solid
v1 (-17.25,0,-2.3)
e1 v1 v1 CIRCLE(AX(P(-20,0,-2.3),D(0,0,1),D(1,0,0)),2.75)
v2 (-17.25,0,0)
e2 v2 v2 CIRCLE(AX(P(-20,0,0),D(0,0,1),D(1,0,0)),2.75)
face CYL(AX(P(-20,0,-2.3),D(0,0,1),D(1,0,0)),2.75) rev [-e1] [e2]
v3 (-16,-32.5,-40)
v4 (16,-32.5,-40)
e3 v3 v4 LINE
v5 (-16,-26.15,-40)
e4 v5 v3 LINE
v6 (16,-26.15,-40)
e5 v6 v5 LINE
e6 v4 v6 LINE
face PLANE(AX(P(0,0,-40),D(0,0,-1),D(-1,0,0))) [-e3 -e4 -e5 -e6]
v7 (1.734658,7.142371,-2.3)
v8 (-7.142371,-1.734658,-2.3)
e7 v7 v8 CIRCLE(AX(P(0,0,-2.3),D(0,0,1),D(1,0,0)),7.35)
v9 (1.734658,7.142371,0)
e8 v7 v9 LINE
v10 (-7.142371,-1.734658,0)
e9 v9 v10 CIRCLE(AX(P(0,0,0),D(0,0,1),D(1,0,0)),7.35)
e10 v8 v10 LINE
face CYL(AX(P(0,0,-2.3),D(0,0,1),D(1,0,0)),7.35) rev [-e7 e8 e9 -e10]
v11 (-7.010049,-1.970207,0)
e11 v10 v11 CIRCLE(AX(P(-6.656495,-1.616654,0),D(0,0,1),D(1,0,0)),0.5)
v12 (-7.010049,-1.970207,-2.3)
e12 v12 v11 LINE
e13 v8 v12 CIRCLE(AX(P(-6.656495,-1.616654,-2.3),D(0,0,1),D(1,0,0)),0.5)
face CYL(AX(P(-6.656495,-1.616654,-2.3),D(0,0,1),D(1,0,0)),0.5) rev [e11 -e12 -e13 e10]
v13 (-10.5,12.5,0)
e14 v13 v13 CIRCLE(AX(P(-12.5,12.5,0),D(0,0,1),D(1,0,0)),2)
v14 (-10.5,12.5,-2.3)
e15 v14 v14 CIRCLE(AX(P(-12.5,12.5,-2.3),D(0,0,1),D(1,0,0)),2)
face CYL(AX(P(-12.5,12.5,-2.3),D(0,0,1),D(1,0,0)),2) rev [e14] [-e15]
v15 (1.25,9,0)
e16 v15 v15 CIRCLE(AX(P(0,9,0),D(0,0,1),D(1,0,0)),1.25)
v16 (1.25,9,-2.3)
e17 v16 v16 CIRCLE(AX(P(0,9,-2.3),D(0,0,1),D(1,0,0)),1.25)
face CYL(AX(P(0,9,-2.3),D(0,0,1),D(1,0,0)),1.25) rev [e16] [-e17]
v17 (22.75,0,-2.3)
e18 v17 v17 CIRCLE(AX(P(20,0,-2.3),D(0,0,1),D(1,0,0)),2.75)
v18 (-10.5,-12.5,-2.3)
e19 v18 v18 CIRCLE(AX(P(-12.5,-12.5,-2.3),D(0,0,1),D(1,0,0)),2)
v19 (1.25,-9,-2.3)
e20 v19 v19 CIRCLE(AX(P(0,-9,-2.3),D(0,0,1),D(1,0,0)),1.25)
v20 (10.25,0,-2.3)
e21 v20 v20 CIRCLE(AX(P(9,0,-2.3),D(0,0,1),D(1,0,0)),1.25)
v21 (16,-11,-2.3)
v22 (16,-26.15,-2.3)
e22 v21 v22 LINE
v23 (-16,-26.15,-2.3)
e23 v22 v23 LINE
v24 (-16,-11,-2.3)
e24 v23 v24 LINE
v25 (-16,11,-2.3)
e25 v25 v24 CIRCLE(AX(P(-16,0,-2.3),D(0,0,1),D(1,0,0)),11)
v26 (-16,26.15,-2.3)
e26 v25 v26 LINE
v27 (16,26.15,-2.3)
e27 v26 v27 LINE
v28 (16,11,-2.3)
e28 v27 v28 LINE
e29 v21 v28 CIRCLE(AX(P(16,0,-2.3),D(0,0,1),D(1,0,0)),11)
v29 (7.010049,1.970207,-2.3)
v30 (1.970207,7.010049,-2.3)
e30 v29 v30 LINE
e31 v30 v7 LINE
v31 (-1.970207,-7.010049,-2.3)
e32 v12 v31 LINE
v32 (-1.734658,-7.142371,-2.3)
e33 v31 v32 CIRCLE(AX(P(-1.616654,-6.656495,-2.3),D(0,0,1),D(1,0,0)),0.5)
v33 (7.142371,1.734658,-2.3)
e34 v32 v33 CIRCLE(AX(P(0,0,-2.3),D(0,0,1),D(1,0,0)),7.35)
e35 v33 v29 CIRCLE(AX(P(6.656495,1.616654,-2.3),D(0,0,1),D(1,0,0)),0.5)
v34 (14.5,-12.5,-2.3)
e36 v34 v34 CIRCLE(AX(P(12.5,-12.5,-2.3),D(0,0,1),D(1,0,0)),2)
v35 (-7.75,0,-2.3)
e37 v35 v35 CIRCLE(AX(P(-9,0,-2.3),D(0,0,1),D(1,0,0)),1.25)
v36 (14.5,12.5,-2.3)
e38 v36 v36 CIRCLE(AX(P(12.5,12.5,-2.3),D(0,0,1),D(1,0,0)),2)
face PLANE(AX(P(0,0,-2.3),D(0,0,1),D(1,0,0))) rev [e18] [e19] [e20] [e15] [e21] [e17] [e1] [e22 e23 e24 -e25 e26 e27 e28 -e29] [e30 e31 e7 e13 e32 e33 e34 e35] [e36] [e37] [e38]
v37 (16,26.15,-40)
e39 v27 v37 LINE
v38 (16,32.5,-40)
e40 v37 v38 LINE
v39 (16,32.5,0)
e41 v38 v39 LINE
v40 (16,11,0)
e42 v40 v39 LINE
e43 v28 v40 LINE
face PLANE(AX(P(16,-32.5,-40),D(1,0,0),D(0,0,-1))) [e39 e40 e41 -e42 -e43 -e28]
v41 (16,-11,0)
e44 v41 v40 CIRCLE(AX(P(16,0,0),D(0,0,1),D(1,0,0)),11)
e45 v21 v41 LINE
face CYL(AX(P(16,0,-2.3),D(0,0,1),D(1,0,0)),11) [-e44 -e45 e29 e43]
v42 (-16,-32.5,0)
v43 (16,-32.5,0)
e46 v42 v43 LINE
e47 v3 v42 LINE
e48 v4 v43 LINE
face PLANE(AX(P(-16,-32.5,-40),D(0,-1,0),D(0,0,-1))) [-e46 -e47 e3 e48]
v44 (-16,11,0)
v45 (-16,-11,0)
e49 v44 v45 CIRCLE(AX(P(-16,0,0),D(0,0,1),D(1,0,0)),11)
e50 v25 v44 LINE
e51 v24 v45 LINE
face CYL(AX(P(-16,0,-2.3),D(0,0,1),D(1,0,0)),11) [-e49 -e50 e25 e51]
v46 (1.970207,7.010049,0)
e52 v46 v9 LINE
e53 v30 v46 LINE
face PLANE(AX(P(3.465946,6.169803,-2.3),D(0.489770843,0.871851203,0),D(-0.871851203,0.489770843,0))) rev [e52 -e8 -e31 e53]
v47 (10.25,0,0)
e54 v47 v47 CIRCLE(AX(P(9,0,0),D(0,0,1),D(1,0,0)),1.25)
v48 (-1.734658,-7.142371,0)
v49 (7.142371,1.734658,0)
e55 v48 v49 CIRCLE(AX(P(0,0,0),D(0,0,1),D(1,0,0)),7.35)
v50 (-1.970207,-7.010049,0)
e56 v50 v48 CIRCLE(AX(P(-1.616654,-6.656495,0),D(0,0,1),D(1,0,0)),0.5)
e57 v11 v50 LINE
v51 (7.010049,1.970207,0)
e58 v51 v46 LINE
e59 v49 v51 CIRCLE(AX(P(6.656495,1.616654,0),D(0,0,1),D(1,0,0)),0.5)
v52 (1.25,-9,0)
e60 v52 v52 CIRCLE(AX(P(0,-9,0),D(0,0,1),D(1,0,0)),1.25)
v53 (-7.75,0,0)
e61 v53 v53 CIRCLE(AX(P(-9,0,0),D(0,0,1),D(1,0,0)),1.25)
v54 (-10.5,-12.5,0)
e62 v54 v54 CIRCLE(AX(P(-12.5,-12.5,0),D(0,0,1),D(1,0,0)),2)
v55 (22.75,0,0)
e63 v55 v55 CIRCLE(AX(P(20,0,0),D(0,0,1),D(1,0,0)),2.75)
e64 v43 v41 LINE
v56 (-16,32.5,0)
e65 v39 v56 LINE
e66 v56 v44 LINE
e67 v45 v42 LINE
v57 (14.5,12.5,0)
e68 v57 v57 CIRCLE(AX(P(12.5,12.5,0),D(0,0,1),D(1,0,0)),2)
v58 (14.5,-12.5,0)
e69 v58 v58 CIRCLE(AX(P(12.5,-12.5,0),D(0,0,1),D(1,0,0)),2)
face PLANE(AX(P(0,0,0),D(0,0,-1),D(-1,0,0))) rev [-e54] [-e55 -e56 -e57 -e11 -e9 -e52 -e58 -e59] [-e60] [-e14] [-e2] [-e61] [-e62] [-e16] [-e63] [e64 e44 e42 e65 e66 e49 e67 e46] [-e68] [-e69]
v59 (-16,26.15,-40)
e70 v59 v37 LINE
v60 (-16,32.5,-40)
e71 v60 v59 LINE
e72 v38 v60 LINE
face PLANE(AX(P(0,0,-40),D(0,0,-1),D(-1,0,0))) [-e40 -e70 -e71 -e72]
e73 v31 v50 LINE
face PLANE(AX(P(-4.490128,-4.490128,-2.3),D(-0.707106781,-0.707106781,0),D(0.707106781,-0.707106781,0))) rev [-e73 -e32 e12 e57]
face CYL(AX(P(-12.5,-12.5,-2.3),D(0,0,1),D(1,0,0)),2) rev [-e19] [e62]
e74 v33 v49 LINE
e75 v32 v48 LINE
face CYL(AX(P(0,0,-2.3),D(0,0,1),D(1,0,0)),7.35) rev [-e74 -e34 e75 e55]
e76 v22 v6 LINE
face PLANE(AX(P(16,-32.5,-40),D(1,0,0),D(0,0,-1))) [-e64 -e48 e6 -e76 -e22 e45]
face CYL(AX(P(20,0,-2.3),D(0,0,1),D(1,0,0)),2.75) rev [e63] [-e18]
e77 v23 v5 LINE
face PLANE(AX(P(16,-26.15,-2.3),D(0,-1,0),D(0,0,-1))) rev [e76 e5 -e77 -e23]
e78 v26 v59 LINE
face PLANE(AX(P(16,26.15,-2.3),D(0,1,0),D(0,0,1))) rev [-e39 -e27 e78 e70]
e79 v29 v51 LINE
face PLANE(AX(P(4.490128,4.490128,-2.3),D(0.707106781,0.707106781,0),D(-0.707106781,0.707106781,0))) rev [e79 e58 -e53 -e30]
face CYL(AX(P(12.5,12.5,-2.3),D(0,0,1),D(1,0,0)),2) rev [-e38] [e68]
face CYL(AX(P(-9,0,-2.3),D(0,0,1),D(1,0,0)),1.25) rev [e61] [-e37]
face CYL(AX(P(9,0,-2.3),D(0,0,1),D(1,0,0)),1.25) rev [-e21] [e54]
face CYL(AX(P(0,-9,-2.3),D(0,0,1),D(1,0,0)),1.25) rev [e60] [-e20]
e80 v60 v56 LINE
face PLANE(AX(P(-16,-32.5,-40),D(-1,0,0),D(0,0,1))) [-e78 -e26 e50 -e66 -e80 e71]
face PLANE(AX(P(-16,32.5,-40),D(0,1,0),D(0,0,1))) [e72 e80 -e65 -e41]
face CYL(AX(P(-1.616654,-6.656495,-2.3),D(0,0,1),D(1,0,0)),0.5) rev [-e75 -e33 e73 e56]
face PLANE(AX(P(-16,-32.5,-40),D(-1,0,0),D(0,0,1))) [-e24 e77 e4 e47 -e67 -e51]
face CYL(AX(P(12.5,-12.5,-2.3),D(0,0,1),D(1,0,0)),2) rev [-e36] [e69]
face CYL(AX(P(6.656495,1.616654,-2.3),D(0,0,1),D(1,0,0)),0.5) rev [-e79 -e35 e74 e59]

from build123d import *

# Parameters (mm, degrees)
SKETCH1_W           = 32
SKETCH1_H           = 65
BOSS_EXTRUDE1_DEPTH = 40
SKETCH2_W           = 32
SKETCH2_H           = 52.3
CUT_EXTRUDE1_DEPTH  = 37.7
BOSS_EXTRUDE4_DEPTH = 2.3
SKETCH3_7_R         = 1.25
SKETCH3_7_R_2       = 2
SKETCH3_7_R_3       = 2.75
CUT_EXTRUDE3_DEPTH  = 2.3


with BuildPart() as part:
    # Sketch1 → Boss-Extrude1 (new body)
    with BuildSketch(Plane.XY):
        Rectangle(SKETCH1_W, SKETCH1_H)
    extrude(amount=-BOSS_EXTRUDE1_DEPTH)

    # Sketch2 → Cut-Extrude1 (cut)
    with BuildSketch(Plane(origin=(0, 0, -40), x_dir=(-1, 0, 0), z_dir=(0, 0, -1))):
        Rectangle(SKETCH2_W, SKETCH2_H)
    extrude(amount=-CUT_EXTRUDE1_DEPTH, mode=Mode.SUBTRACT)

    # Sketch3 → Boss-Extrude4 (add)
    with BuildSketch(Plane.XY):
        with BuildLine():
            Line((16, -32.5), (-16, -32.5))
            Line((-16, -32.5), (-16, -11))
            ThreePointArc((-16, -11), (-27, 0), (-16, 11))
            Line((-16, 11), (-16, 32.5))
            Line((-16, 32.5), (16, 32.5))
            Line((16, 32.5), (16, 11))
            ThreePointArc((16, 11), (27, 0), (16, -11))
            Line((16, -11), (16, -32.5))
        make_face()
    extrude(amount=-BOSS_EXTRUDE4_DEPTH)

    # Sketch3<7> → Cut-Extrude3 (cut)
    with BuildSketch(Plane.XY):
        with Locations((0, -9.000000134)):
            Circle(SKETCH3_7_R)
        with BuildLine():
            ThreePointArc((-1.734657981, -7.142370873), (5.197234842, -5.197234842), (7.142370873, 1.734657981))
            ThreePointArc((7.142370873, 1.734657981), (7.092420905, 1.861539458), (7.010048694, 1.970207427))
            Line((7.010048694, 1.970207427), (1.970207427, 7.010048694))
            Line((1.970207427, 7.010048694), (1.734657981, 7.142370873))
            ThreePointArc((1.734657981, 7.142370873), (-5.197234842, 5.197234842), (-7.142370873, -1.734657981))
            ThreePointArc((-7.142370873, -1.734657981), (-7.092420905, -1.861539458), (-7.010048694, -1.970207427))
            Line((-7.010048694, -1.970207427), (-1.970207427, -7.010048694))
            ThreePointArc((-1.970207427, -7.010048694), (-1.861539458, -7.092420905), (-1.734657981, -7.142370873))
        make_face()
        with Locations((0, 9.000000134)):
            Circle(SKETCH3_7_R)
        with Locations((12.5, -12.5)):
            Circle(SKETCH3_7_R_2)
        with Locations((-12.5, -12.5)):
            Circle(SKETCH3_7_R_2)
        with Locations((-12.5, 12.5)):
            Circle(SKETCH3_7_R_2)
        with Locations((12.5, 12.5)):
            Circle(SKETCH3_7_R_2)
        with Locations((9.000000134, 0)):
            Circle(SKETCH3_7_R)
        with Locations((-9.000000134, 0)):
            Circle(SKETCH3_7_R)
        with Locations((-20, 0)):
            Circle(SKETCH3_7_R_3)
        with Locations((20, 0)):
            Circle(SKETCH3_7_R_3)
    extrude(amount=-CUT_EXTRUDE3_DEPTH, mode=Mode.SUBTRACT)


solid = part.part
